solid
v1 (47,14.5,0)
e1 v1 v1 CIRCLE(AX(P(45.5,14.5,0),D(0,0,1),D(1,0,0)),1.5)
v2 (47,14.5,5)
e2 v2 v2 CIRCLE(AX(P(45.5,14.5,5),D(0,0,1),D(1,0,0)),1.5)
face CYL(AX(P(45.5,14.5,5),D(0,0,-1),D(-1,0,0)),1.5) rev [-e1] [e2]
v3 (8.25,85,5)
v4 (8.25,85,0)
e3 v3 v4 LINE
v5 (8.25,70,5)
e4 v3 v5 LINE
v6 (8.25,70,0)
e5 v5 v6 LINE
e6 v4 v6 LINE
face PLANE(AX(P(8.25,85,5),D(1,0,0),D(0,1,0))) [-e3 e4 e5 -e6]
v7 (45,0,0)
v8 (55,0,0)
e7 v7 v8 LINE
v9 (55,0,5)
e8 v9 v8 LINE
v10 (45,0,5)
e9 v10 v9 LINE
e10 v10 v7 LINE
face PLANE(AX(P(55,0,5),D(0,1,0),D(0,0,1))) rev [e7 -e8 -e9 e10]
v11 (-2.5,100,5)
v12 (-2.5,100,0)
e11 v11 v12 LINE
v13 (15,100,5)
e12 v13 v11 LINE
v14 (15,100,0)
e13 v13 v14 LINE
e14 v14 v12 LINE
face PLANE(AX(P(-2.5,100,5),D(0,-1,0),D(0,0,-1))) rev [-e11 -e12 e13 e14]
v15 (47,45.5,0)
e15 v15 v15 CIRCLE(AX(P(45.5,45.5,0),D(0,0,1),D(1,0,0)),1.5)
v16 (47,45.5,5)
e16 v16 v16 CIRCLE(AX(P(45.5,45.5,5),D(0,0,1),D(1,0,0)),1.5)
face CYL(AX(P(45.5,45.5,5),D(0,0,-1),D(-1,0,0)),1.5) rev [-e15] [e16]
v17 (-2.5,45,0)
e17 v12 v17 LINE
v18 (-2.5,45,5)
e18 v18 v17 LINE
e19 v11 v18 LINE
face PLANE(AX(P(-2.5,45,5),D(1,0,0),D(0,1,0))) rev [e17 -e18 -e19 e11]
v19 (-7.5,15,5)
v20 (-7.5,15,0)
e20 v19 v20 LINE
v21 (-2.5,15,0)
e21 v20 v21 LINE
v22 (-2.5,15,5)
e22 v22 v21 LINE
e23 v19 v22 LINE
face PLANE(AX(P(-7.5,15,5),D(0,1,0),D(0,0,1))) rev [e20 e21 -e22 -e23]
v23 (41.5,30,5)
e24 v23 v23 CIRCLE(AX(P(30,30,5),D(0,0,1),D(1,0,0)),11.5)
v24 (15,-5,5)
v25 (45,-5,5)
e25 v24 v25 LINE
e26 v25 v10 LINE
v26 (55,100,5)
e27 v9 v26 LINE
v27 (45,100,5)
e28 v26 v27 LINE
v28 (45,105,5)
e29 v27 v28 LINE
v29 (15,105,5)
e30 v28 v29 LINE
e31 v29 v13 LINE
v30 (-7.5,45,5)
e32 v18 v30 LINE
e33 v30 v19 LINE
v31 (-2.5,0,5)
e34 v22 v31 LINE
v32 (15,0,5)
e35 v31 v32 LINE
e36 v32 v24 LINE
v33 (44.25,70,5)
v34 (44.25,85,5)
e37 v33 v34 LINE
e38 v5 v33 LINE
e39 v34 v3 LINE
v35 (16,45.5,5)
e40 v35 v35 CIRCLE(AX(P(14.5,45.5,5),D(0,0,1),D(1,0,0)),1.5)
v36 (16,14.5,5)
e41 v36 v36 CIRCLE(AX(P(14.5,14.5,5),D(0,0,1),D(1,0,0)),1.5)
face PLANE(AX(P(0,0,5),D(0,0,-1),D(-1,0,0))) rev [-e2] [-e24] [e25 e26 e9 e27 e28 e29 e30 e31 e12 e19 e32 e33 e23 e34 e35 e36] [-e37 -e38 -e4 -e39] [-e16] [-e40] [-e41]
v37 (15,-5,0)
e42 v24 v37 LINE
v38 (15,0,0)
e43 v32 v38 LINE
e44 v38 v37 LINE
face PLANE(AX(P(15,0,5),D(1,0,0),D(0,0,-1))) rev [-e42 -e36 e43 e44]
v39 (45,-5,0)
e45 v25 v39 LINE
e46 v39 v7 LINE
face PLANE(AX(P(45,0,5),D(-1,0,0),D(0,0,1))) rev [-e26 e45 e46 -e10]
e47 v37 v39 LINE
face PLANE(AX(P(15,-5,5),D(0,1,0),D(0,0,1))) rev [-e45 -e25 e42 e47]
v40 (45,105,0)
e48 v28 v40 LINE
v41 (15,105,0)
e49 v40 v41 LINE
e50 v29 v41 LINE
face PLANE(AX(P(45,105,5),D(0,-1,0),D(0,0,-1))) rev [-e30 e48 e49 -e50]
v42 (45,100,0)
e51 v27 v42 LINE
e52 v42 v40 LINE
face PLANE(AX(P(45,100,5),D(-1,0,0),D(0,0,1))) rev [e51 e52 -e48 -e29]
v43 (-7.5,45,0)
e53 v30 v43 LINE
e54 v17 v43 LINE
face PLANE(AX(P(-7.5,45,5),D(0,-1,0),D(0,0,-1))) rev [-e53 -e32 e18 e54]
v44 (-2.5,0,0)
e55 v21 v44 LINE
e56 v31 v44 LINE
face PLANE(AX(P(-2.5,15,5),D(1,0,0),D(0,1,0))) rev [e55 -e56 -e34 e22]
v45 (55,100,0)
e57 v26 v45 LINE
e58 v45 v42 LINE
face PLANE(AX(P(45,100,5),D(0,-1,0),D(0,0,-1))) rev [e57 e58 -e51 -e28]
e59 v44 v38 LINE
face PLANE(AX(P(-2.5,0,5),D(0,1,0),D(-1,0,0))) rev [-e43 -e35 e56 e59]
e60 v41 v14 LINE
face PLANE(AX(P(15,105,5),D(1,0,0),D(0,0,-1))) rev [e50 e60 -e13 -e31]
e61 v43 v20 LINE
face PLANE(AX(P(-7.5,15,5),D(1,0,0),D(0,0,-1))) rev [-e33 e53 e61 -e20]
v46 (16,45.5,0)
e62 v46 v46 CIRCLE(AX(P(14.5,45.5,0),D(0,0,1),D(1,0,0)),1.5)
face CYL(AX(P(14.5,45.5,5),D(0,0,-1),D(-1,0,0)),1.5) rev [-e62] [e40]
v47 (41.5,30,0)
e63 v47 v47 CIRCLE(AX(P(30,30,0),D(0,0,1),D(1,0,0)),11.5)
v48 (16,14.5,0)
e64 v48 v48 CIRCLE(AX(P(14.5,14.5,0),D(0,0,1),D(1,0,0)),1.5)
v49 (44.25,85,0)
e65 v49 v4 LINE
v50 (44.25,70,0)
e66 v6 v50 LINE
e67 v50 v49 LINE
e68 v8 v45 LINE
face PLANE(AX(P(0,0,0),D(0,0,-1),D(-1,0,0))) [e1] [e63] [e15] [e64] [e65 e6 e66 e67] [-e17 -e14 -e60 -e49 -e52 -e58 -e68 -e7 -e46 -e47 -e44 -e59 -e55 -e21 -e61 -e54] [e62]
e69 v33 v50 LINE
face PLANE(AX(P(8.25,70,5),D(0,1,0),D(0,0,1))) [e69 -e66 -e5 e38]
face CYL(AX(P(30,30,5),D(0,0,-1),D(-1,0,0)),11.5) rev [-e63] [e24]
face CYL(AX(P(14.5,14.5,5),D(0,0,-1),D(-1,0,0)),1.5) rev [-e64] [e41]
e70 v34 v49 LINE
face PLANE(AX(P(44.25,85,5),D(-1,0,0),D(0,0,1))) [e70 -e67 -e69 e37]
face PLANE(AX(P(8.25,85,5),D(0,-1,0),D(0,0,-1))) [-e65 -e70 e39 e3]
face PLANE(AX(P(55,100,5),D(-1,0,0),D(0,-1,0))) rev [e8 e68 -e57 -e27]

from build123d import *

# Parameters (mm, degrees)
SKETCH_1_R      = 11.5
SKETCH_1_R_2    = 1.5
SKETCH_1_W      = 36
SKETCH_1_H      = 15
EXTRUDE_1_DEPTH = 5


with BuildPart() as part:
    # 草图1 → 凸台-拉伸1 (new body)
    with BuildSketch(Plane.XY):
        Polygon((-2.5, 100), (15, 100), (15, 105), (45, 105), (45, 100), (55, 100), (55, 0), (45, 0), (45, -5), (15, -5), (15, 0), (-2.5, 0), (-2.5, 15), (-7.5, 15), (-7.5, 45), (-2.5, 45), align=None)
        with Locations((30, 30)):
            Circle(SKETCH_1_R, mode=Mode.SUBTRACT)
        with Locations((14.5, 45.5)):
            Circle(SKETCH_1_R_2, mode=Mode.SUBTRACT)
        with Locations((45.5, 45.5)):
            Circle(SKETCH_1_R_2, mode=Mode.SUBTRACT)
        with Locations((45.5, 14.5)):
            Circle(SKETCH_1_R_2, mode=Mode.SUBTRACT)
        with Locations((14.5, 14.5)):
            Circle(SKETCH_1_R_2, mode=Mode.SUBTRACT)
        with Locations((26.25, 77.5)):
            Rectangle(SKETCH_1_W, SKETCH_1_H, mode=Mode.SUBTRACT)
    extrude(amount=EXTRUDE_1_DEPTH)


solid = part.part
